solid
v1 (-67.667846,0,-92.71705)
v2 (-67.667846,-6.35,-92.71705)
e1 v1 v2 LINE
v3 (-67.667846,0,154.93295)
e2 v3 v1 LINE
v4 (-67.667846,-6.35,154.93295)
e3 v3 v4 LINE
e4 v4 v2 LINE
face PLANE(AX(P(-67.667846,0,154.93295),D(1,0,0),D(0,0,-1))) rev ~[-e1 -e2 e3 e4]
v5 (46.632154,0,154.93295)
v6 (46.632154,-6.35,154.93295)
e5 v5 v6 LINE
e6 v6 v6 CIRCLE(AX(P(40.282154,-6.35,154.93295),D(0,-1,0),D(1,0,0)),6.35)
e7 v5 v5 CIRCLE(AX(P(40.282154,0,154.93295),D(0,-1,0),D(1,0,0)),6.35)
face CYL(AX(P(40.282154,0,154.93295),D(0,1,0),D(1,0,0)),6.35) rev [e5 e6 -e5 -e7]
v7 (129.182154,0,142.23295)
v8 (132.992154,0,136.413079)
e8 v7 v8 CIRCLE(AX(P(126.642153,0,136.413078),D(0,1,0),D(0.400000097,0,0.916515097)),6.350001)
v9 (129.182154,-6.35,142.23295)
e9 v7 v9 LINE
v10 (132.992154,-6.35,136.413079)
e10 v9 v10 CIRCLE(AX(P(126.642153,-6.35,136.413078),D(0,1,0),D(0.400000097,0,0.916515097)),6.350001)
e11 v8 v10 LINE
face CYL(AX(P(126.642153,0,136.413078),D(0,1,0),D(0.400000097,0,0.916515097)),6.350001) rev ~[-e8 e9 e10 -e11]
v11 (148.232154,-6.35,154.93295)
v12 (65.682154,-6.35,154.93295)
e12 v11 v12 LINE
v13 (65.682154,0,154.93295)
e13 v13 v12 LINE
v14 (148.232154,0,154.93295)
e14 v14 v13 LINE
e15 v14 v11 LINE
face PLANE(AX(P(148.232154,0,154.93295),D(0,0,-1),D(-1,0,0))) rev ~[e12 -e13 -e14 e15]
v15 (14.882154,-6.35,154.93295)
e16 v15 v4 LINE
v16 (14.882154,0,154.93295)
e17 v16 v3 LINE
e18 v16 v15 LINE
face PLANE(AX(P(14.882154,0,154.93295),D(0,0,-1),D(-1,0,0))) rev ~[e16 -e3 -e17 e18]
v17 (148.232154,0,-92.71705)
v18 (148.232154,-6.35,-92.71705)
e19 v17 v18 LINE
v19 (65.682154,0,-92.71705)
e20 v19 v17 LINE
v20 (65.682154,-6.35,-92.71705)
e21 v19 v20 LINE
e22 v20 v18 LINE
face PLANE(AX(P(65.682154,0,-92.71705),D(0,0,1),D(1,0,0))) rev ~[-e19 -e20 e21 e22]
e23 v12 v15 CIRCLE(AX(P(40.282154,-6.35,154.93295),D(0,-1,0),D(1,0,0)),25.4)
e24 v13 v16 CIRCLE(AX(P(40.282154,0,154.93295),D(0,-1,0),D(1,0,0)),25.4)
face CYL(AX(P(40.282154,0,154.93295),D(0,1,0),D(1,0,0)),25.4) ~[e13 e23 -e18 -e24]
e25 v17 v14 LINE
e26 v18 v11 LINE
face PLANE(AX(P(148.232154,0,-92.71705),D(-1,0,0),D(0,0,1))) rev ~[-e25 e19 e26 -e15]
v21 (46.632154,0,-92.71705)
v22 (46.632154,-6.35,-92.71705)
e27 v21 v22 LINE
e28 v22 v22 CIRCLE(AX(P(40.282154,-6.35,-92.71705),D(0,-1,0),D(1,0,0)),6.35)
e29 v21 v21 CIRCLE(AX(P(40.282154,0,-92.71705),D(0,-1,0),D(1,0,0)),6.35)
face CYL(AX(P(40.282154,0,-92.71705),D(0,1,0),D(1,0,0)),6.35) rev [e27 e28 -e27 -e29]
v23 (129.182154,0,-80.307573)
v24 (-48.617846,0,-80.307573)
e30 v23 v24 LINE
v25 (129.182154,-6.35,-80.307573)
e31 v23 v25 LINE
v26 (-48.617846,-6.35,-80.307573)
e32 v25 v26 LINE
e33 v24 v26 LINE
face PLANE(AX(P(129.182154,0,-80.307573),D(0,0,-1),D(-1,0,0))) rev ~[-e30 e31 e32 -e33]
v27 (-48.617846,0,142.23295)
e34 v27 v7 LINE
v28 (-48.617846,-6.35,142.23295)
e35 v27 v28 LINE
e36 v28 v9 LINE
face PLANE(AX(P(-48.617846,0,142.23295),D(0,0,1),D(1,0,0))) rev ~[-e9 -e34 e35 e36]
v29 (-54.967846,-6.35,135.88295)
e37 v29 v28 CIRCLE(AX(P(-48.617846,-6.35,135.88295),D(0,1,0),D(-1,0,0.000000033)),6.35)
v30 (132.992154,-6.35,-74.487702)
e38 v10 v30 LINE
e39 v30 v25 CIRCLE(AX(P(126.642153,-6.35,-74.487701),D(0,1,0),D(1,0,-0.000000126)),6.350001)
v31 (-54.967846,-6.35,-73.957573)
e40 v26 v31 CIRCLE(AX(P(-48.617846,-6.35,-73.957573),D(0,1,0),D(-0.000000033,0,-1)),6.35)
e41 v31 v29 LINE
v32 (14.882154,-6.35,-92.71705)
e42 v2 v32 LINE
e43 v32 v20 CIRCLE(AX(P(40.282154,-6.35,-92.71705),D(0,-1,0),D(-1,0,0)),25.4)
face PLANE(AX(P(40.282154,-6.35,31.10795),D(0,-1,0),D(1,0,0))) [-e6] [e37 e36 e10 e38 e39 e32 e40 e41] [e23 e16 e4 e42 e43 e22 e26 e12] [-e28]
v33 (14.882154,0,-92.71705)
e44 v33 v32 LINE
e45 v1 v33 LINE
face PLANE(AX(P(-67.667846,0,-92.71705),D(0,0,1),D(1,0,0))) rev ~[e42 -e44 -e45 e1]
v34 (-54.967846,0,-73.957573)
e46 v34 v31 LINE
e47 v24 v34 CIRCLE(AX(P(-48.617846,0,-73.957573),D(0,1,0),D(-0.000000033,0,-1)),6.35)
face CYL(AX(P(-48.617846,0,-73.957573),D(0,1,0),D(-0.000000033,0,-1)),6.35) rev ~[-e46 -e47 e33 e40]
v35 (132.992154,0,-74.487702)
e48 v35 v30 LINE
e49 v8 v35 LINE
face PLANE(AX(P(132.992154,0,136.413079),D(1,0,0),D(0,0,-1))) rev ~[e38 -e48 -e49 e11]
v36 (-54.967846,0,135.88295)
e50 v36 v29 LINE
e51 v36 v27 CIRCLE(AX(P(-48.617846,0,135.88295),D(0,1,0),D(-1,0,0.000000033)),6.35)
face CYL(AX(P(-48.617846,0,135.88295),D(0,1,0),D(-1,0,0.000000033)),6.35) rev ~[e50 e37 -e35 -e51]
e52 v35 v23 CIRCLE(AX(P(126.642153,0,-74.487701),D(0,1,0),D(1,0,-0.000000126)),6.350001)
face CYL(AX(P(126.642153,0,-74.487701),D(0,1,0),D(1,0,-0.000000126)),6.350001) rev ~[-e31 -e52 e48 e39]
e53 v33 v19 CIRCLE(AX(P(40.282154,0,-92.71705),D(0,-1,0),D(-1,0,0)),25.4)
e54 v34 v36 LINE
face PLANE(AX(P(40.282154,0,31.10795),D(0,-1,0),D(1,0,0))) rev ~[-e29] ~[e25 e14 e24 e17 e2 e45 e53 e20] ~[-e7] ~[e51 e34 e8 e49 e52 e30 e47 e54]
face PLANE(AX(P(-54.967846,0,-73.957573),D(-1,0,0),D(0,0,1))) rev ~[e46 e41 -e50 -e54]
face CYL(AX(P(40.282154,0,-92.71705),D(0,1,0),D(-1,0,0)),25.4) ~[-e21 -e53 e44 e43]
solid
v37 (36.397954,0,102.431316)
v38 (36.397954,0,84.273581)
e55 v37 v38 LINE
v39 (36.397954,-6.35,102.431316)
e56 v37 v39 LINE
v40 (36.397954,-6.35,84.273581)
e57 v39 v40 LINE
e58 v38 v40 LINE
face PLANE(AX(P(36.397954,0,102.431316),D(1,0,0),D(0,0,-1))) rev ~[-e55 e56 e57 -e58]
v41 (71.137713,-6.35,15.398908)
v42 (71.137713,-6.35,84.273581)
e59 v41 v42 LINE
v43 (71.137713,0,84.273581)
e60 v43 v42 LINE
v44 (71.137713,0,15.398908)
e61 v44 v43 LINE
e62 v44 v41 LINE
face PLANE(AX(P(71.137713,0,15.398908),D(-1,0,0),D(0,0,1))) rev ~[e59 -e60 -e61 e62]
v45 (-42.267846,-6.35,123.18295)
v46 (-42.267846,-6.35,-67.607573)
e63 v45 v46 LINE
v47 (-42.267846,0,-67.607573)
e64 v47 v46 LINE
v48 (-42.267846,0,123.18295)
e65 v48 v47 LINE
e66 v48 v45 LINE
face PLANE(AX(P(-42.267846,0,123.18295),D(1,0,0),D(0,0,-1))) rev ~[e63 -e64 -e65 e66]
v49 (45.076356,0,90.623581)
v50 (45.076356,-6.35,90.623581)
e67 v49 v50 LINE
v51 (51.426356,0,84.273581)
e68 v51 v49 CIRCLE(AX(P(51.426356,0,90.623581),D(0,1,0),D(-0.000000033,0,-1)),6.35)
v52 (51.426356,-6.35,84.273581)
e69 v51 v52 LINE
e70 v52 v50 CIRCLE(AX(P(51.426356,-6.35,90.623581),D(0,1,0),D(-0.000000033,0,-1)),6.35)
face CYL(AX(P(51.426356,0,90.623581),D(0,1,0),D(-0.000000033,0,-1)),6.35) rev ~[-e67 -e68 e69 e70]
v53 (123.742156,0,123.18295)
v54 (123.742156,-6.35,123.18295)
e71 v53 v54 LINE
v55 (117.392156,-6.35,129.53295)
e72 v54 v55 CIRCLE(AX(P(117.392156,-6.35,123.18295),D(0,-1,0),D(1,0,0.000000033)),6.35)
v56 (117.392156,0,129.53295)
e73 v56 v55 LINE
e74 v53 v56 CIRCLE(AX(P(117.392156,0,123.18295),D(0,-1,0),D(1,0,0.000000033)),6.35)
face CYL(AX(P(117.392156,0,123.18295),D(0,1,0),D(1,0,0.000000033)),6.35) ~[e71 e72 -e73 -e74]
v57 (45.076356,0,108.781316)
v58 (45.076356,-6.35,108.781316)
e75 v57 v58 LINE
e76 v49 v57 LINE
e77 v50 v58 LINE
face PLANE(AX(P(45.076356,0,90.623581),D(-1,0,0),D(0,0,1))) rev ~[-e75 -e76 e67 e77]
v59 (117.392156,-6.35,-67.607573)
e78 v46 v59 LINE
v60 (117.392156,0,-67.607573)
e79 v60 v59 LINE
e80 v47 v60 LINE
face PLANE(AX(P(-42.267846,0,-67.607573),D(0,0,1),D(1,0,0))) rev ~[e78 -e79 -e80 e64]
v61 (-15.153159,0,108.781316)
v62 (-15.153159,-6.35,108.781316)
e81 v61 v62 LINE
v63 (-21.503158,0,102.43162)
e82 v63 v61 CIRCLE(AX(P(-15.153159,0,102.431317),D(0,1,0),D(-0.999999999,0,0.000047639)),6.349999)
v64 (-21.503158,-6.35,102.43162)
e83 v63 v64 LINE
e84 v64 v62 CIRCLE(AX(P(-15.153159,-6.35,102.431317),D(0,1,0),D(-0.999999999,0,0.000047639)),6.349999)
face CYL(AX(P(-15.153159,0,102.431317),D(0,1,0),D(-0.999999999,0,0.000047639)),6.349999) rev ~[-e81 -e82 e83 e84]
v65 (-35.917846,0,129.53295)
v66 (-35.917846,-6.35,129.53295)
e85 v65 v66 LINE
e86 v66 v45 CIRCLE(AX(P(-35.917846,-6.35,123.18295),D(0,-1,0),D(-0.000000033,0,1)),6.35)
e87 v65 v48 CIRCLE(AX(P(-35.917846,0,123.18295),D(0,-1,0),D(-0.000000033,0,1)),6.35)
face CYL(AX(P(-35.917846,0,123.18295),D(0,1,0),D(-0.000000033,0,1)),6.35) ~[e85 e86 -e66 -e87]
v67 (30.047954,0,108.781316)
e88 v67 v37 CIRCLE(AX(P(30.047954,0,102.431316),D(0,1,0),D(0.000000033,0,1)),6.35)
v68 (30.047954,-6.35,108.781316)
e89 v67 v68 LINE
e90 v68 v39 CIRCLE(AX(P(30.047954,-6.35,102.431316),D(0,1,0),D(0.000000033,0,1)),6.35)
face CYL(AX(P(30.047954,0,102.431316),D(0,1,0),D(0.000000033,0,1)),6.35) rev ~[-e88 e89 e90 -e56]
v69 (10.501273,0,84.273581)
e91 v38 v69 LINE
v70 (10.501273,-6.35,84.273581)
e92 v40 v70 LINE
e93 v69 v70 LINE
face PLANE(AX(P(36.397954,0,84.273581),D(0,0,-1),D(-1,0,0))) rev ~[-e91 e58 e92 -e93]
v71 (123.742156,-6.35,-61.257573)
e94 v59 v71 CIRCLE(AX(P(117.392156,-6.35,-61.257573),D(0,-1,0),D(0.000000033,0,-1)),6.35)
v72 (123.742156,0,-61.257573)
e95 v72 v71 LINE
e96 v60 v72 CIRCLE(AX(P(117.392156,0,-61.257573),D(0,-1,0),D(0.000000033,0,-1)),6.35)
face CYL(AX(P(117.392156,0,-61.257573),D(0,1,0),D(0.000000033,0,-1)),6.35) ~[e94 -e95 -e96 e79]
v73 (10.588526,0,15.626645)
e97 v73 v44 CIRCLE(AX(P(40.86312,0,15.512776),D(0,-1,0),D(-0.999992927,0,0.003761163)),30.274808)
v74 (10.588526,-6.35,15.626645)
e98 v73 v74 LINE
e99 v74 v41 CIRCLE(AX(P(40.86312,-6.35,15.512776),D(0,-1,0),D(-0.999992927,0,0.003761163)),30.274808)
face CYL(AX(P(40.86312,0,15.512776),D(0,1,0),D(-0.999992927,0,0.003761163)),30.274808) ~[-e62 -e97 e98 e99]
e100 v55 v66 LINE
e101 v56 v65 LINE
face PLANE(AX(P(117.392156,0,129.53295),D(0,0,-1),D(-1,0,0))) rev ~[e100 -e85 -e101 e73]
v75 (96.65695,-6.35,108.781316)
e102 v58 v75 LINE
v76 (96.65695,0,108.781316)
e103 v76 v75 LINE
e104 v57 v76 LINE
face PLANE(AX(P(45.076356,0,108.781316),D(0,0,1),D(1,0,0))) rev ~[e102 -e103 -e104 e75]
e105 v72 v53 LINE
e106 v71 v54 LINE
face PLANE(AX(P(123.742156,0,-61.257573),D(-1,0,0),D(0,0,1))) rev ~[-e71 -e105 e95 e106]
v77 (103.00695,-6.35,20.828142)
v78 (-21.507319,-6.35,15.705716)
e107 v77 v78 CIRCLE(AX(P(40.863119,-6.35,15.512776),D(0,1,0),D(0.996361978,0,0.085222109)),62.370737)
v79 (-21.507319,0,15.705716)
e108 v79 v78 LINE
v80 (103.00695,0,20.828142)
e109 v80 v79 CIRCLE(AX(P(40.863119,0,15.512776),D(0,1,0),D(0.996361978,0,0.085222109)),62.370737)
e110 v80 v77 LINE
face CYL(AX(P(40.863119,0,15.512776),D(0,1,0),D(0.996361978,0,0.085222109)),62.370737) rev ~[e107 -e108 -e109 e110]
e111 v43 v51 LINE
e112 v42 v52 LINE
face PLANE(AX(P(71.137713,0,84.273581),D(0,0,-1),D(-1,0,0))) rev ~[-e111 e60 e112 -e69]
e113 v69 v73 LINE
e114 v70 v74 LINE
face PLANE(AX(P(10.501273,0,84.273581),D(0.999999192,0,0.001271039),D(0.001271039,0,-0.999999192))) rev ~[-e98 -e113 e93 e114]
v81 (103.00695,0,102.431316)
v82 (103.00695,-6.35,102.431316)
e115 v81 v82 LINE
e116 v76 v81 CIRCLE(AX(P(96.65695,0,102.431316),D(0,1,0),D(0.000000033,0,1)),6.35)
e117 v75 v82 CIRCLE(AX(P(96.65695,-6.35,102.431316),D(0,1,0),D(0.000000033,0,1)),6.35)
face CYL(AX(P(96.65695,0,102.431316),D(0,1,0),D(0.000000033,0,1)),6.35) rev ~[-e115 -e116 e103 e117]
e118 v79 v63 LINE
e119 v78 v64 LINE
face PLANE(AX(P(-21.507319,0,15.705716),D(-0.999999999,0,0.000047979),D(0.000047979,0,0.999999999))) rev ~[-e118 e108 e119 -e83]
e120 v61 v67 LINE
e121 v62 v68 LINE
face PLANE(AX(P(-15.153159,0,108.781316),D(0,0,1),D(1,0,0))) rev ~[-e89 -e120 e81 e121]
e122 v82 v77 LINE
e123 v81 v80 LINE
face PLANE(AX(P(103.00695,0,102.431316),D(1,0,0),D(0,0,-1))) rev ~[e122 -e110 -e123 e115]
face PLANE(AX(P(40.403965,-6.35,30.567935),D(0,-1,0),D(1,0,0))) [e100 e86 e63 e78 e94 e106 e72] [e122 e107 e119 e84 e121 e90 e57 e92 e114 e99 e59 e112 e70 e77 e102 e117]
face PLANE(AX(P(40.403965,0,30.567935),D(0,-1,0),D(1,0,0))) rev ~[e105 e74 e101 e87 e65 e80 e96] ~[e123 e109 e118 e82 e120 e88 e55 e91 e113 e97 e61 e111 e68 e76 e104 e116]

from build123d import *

# Parameters (mm, degrees)
F1_DEPTH = 6.35
F0_R     = 6.35
F2_DEPTH = 6.35


with BuildPart() as f1:
    # F0 (on Front) → F1 (new body)
    with BuildSketch(Plane.XZ):
        with BuildLine():
            ThreePointArc((123.742156, 123.18295), (121.882284, 127.673078), (117.392156, 129.53295))
            Line((117.392156, 129.53295), (-35.917846, 129.53295))
            ThreePointArc((-35.917846, 129.53295), (-40.407974, 127.673078), (-42.267846, 123.18295))
            Line((-42.267846, 123.18295), (-42.267846, -67.607573))
            Line((-42.267846, -67.607573), (117.392156, -67.607573))
            ThreePointArc((117.392156, -67.607573), (121.882284, -65.747701), (123.742156, -61.257573))
            Line((123.742156, -61.257573), (123.742156, 123.18295))
        make_face()
        with BuildLine():
            Line((45.076356, 108.781316), (96.65695, 108.781316))
            ThreePointArc((96.65695, 108.781316), (101.147078, 106.921444), (103.00695, 102.431316))
            Line((103.00695, 102.431316), (103.00695, 20.828142))
            ThreePointArc((103.00695, 20.828142), (43.426838, -46.805248), (-21.507319, 15.705716))
            Line((-21.507319, 15.705716), (-21.503158, 102.43162))
            ThreePointArc((-21.503158, 102.43162), (-19.643179, 106.921552), (-15.153159, 108.781316))
            Line((-15.153159, 108.781316), (30.047954, 108.781316))
            ThreePointArc((30.047954, 108.781316), (34.538082, 106.921444), (36.397954, 102.431316))
            Line((36.397954, 102.431316), (36.397954, 84.273581))
            Line((36.397954, 84.273581), (10.501273, 84.273581))
            Line((10.501273, 84.273581), (10.588526, 15.626645))
            ThreePointArc((10.588526, 15.626645), (40.749251, -14.761817), (71.137713, 15.398908))
            Line((71.137713, 15.398908), (71.137713, 84.273581))
            Line((71.137713, 84.273581), (51.426356, 84.273581))
            ThreePointArc((51.426356, 84.273581), (46.936228, 86.133453), (45.076356, 90.623581))
            Line((45.076356, 90.623581), (45.076356, 108.781316))
        make_face(mode=Mode.SUBTRACT)
    extrude(amount=F1_DEPTH)


with BuildPart() as f2:
    # F0 (on Front) → F2 (new body)
    with BuildSketch(Plane.XZ):
        with BuildLine():
            Line((-67.667846, 154.93295), (-67.667846, 129.53295))
            Line((-67.667846, 129.53295), (-67.667846, -92.71705))
            Line((-67.667846, -92.71705), (14.882154, -92.71705))
            ThreePointArc((14.882154, -92.71705), (40.282154, -118.11705), (65.682154, -92.71705))
            Line((65.682154, -92.71705), (148.232154, -92.71705))
            Line((148.232154, -92.71705), (148.232154, 154.93295))
            Line((148.232154, 154.93295), (65.682154, 154.93295))
            ThreePointArc((65.682154, 154.93295), (40.282154, 180.33295), (14.882154, 154.93295))
            Line((14.882154, 154.93295), (-67.667846, 154.93295))
        make_face()
        with BuildLine():
            Line((-54.967846, -73.957573), (-54.967846, 135.88295))
            ThreePointArc((-54.967846, 135.88295), (-53.107974, 140.373078), (-48.617846, 142.23295))
            Line((-48.617846, 142.23295), (129.182154, 142.23295))
            ThreePointArc((129.182154, 142.23295), (131.954945, 139.891117), (132.992154, 136.413079))
            Line((132.992154, 136.413079), (132.992154, -74.487702))
            ThreePointArc((132.992154, -74.487702), (131.954945, -77.96574), (129.182154, -80.307573))
            Line((129.182154, -80.307573), (-48.617846, -80.307573))
            ThreePointArc((-48.617846, -80.307573), (-53.107974, -78.447701), (-54.967846, -73.957573))
        make_face(mode=Mode.SUBTRACT)
        with Locations((40.282154, -92.71705)):
            Circle(F0_R, mode=Mode.SUBTRACT)
        with Locations((40.282154, 154.93295)):
            Circle(F0_R, mode=Mode.SUBTRACT)
    extrude(amount=F2_DEPTH)


solid = Compound([f1.part, f2.part])
